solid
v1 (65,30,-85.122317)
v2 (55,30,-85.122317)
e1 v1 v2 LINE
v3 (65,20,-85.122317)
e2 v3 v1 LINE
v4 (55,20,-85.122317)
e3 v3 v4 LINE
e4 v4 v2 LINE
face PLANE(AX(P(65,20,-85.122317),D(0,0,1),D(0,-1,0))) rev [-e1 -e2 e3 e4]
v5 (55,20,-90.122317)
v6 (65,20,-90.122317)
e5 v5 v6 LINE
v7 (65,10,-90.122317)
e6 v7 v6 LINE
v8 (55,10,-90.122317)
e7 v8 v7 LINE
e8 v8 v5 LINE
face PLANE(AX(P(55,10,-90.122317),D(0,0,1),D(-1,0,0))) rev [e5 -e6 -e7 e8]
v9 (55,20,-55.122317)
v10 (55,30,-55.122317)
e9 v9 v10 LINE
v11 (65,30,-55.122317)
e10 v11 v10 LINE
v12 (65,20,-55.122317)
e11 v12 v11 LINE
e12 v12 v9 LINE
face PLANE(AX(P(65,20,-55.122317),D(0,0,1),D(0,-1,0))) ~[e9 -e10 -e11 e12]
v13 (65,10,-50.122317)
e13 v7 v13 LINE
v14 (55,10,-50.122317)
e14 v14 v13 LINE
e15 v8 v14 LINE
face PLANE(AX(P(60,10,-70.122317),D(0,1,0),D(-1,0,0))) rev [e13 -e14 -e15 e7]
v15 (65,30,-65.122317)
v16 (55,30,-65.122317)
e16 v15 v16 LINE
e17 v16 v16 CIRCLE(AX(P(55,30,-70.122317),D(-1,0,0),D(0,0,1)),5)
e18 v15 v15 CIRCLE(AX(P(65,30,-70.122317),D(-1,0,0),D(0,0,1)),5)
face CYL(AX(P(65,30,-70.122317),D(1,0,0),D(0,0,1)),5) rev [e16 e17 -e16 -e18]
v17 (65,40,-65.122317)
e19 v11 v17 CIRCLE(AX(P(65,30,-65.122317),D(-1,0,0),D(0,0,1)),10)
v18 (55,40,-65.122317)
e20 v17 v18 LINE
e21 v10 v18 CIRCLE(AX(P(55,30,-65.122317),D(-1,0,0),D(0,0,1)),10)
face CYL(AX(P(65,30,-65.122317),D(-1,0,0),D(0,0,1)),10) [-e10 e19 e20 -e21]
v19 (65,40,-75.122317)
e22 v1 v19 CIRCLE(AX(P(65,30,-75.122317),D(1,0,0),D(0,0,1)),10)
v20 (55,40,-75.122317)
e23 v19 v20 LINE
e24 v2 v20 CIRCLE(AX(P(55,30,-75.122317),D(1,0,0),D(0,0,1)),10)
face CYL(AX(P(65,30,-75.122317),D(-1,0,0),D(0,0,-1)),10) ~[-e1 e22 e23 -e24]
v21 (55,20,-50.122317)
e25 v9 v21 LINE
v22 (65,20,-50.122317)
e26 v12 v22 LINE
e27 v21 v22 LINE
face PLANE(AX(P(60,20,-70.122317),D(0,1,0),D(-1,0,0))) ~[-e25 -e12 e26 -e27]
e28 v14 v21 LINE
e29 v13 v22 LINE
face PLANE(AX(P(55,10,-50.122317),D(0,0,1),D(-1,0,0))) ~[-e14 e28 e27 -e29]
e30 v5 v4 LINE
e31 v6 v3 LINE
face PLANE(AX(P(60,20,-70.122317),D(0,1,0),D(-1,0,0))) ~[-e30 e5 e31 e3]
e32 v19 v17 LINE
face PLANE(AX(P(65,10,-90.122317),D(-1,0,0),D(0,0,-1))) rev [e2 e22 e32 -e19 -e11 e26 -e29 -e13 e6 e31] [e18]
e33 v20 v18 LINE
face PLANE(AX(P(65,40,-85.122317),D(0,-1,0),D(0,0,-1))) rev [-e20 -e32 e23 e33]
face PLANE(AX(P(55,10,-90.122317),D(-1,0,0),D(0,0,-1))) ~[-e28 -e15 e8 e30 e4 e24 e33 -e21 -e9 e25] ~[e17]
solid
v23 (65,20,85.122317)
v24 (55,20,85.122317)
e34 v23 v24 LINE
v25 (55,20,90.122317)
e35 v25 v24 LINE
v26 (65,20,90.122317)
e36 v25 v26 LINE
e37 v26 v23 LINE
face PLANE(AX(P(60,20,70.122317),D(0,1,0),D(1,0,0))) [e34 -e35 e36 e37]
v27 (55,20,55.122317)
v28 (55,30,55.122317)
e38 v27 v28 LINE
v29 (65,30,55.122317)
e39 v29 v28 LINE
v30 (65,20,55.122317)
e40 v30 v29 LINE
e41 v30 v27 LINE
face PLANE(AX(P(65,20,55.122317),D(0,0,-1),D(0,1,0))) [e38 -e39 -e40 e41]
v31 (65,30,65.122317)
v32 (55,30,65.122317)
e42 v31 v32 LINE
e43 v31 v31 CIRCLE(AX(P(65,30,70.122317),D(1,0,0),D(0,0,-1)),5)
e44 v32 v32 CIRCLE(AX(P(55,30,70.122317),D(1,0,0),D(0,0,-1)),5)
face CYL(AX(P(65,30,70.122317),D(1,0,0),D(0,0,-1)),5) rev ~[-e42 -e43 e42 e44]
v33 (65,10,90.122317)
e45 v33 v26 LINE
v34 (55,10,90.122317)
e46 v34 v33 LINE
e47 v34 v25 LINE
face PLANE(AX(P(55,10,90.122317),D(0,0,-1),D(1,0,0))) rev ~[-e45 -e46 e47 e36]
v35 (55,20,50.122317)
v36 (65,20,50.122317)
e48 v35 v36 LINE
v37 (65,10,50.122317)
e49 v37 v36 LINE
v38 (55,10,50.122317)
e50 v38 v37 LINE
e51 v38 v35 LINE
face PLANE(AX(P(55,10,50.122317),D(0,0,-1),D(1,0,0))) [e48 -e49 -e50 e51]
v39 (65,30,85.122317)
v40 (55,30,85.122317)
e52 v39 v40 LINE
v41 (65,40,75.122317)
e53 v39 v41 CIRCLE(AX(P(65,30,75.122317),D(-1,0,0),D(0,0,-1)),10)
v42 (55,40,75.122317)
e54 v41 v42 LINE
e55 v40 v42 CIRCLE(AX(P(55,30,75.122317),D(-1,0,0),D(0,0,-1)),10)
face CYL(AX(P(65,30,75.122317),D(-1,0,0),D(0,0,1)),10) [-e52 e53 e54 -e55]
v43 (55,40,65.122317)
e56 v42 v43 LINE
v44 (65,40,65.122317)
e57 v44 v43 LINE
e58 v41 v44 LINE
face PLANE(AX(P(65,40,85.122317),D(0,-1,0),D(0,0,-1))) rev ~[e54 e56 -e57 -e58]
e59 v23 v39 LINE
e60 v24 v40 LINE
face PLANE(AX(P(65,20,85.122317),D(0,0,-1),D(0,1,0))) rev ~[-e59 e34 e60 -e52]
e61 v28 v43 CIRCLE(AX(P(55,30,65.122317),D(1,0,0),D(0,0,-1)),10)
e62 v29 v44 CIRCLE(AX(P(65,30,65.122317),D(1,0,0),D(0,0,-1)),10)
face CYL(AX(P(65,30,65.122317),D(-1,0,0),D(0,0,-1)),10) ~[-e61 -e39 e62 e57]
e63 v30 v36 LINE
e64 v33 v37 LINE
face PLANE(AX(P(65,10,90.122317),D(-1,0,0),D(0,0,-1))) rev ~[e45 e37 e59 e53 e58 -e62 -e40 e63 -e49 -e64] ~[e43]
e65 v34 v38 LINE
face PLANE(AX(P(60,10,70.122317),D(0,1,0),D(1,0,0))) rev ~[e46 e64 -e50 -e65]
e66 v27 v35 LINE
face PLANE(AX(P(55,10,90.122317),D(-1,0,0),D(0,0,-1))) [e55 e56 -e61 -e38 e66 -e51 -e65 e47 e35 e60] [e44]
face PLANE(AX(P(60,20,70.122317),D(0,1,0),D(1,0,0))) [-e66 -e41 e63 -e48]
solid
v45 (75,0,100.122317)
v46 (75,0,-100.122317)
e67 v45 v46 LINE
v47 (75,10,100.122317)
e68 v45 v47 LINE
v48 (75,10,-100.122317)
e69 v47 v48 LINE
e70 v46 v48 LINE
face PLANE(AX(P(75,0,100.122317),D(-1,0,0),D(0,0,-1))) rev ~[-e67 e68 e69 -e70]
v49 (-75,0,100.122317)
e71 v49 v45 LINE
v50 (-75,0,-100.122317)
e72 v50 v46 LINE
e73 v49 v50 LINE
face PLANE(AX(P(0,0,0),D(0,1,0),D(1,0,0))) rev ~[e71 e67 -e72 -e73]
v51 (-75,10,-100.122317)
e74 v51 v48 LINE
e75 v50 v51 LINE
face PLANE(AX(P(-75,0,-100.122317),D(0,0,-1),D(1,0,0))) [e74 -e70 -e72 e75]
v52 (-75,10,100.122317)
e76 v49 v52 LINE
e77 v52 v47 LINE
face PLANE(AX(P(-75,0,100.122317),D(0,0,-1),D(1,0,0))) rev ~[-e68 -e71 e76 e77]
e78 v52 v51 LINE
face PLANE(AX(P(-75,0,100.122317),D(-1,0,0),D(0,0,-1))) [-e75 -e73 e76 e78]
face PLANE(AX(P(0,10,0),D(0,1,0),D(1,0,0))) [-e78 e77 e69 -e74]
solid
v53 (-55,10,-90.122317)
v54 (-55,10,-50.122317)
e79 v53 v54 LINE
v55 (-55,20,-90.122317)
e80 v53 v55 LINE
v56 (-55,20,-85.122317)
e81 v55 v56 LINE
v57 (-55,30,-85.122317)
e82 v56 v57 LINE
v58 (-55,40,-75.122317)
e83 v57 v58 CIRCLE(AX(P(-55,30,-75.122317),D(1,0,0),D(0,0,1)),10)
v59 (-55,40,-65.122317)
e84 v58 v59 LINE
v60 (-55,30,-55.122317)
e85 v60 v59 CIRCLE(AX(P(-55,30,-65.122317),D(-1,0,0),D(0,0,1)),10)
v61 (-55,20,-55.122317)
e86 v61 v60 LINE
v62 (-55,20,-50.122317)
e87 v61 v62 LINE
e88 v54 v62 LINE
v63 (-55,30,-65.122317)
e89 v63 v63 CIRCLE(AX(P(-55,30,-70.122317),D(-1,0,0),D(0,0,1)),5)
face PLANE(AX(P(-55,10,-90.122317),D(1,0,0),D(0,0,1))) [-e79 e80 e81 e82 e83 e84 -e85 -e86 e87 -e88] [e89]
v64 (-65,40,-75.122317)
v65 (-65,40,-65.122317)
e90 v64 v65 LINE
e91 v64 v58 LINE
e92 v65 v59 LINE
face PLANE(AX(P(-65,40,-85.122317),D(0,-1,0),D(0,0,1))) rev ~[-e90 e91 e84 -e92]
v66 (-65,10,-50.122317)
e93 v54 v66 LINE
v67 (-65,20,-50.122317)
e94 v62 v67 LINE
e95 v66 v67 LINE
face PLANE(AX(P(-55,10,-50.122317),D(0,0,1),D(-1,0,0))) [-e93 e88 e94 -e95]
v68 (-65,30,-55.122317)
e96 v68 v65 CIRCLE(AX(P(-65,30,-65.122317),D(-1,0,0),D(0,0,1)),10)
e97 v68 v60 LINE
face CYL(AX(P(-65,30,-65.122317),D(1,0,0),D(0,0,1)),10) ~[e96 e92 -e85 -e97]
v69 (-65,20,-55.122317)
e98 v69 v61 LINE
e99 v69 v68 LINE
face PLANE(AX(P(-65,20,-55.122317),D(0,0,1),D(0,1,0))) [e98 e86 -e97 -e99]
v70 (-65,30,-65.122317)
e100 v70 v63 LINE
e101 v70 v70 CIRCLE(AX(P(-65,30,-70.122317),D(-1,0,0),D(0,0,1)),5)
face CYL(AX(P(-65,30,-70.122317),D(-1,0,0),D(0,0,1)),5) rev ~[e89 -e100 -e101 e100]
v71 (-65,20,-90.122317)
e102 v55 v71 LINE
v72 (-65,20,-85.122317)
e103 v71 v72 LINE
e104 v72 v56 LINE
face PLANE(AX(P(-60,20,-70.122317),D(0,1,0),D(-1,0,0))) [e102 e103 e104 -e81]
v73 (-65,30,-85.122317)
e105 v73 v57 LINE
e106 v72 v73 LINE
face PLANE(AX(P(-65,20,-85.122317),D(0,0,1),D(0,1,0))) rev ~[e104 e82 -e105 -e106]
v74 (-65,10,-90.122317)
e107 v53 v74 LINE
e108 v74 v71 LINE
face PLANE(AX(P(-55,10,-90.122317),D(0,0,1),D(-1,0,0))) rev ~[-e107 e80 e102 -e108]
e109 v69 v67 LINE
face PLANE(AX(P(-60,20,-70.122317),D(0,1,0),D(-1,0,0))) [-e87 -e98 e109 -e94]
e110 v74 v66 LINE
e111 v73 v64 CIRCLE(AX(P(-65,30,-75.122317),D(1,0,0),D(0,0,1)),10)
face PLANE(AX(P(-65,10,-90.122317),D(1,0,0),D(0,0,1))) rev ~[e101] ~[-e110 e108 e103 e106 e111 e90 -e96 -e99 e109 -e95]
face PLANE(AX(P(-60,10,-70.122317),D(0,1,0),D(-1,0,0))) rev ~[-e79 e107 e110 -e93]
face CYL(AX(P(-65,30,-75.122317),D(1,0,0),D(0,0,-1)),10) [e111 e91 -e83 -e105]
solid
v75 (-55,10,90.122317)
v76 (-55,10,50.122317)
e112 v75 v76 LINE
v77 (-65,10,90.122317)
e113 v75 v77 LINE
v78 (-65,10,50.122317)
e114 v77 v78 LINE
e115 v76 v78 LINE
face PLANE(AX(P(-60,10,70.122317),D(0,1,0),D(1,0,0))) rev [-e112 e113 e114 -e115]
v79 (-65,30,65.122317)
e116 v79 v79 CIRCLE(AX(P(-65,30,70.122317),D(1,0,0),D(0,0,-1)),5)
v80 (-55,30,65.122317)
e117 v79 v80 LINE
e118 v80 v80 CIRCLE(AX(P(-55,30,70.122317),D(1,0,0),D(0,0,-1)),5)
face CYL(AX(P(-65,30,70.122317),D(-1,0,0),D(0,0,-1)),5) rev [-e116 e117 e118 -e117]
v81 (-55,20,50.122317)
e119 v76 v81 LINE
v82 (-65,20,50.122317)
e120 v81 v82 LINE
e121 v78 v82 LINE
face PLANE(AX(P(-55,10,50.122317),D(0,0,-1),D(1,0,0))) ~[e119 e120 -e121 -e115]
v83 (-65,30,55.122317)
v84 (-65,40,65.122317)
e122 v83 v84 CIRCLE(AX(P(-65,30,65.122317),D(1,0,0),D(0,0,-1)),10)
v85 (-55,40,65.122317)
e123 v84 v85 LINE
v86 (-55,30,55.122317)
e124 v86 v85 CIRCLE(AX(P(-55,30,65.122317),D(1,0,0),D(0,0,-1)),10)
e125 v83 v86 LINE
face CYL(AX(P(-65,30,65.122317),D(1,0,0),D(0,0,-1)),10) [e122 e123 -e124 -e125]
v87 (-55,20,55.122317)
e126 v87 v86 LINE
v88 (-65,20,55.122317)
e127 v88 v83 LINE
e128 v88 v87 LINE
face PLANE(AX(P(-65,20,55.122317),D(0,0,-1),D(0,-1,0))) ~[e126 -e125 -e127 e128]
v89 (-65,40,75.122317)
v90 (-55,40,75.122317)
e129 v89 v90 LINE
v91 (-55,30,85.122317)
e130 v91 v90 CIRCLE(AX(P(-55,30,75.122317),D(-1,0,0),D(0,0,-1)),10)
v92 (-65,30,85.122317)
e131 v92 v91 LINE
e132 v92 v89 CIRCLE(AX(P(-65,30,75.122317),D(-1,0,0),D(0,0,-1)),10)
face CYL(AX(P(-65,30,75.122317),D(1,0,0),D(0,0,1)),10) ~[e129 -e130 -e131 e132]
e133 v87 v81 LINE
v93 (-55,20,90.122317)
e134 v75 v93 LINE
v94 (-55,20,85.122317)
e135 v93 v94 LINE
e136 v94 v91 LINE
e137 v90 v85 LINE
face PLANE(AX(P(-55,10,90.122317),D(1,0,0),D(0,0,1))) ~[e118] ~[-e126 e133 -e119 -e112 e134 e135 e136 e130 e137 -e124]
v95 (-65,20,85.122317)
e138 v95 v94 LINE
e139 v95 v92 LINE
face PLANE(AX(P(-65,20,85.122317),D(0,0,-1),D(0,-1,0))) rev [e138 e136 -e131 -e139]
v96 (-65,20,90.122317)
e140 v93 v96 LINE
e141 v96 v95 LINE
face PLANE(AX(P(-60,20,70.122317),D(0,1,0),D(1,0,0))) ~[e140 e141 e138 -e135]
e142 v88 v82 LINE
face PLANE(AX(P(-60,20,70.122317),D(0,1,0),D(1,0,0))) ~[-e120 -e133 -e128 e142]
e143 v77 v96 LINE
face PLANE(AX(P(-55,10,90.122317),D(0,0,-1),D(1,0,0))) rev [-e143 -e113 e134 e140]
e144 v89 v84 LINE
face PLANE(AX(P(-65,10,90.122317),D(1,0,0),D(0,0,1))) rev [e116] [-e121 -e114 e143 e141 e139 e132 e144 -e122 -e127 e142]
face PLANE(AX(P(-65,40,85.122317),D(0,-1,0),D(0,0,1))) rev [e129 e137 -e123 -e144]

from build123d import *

# Parameters (mm, degrees)
SKETCH1_W           = 150
SKETCH1_H           = 200.24463343
BOSS_EXTRUDE1_DEPTH = 10
SKETCH2_W           = 10
SKETCH2_H           = 40
BOSS_EXTRUDE2_DEPTH = 10
SKETCH4_W           = 30
SKETCH4_H           = 20
BOSS_EXTRUDE3_DEPTH = 10
FILLET1_R           = 10
SKETCH5_R           = 5
CUT_EXTRUDE2_DEPTH  = 10


with BuildPart() as part:
    # Sketch1 → Boss-Extrude1 (new body)
    with BuildSketch(Plane(origin=(0, 0, 0), x_dir=(1, 0, 0), z_dir=(0, 1, 0))):
        Rectangle(SKETCH1_W, SKETCH1_H)
    extrude(amount=BOSS_EXTRUDE1_DEPTH)


with BuildPart() as body_2:
    # Sketch2 → Boss-Extrude2 (new body)
    with BuildSketch(Plane(origin=(0, 10, 0), x_dir=(1, 0, 0), z_dir=(0, 1, 0))):
        with Locations((60, -70.122316715)):
            Rectangle(SKETCH2_W, SKETCH2_H)
    extrude(amount=BOSS_EXTRUDE2_DEPTH)


with BuildPart() as body_3:
    # Sketch4 → Boss-Extrude3 (new body)
    with BuildSketch(Plane(origin=(65, 0, 0), x_dir=(0, 0, -1), z_dir=(1, 0, 0))):
        with Locations((-70.122316715, 30)):
            Rectangle(SKETCH4_W, SKETCH4_H)
    extrude(amount=-BOSS_EXTRUDE3_DEPTH)

    # Fillet1
    fillet1_edges = [body_3.edges().sort_by_distance(p)[0] for p in [
        (60, 40, 85.122316715),
        (60, 40, 55.122316715),
    ]]
    fillet(fillet1_edges, radius=FILLET1_R)

    # Sketch5 → Cut-Extrude2 (cut)
    with BuildSketch(Plane(origin=(65, 0, 0), x_dir=(0, 0, -1), z_dir=(1, 0, 0))):
        with Locations((-70.122316715, 30)):
            Circle(SKETCH5_R)
    extrude(amount=-CUT_EXTRUDE2_DEPTH, mode=Mode.SUBTRACT)

    # Combine1: union body 2
    add(body_2.part)


with BuildPart() as body_3_2:
    # Mirror1: mirrored copy
    add(body_3.part.mirror(Plane.XY))


with BuildPart() as body_4:
    # Mirror3: mirrored copy
    add(body_3_2.part.mirror(Plane(origin=(0, 0, 0), x_dir=(0, 0, 1), z_dir=(1, 0, 0))))


with BuildPart() as body_5:
    # Mirror3 2: mirrored copy
    add(body_3.part.mirror(Plane(origin=(0, 0, 0), x_dir=(0, 0, 1), z_dir=(1, 0, 0))))


solid = Compound([part.part, body_3.part, body_3_2.part, body_4.part, body_5.part])
